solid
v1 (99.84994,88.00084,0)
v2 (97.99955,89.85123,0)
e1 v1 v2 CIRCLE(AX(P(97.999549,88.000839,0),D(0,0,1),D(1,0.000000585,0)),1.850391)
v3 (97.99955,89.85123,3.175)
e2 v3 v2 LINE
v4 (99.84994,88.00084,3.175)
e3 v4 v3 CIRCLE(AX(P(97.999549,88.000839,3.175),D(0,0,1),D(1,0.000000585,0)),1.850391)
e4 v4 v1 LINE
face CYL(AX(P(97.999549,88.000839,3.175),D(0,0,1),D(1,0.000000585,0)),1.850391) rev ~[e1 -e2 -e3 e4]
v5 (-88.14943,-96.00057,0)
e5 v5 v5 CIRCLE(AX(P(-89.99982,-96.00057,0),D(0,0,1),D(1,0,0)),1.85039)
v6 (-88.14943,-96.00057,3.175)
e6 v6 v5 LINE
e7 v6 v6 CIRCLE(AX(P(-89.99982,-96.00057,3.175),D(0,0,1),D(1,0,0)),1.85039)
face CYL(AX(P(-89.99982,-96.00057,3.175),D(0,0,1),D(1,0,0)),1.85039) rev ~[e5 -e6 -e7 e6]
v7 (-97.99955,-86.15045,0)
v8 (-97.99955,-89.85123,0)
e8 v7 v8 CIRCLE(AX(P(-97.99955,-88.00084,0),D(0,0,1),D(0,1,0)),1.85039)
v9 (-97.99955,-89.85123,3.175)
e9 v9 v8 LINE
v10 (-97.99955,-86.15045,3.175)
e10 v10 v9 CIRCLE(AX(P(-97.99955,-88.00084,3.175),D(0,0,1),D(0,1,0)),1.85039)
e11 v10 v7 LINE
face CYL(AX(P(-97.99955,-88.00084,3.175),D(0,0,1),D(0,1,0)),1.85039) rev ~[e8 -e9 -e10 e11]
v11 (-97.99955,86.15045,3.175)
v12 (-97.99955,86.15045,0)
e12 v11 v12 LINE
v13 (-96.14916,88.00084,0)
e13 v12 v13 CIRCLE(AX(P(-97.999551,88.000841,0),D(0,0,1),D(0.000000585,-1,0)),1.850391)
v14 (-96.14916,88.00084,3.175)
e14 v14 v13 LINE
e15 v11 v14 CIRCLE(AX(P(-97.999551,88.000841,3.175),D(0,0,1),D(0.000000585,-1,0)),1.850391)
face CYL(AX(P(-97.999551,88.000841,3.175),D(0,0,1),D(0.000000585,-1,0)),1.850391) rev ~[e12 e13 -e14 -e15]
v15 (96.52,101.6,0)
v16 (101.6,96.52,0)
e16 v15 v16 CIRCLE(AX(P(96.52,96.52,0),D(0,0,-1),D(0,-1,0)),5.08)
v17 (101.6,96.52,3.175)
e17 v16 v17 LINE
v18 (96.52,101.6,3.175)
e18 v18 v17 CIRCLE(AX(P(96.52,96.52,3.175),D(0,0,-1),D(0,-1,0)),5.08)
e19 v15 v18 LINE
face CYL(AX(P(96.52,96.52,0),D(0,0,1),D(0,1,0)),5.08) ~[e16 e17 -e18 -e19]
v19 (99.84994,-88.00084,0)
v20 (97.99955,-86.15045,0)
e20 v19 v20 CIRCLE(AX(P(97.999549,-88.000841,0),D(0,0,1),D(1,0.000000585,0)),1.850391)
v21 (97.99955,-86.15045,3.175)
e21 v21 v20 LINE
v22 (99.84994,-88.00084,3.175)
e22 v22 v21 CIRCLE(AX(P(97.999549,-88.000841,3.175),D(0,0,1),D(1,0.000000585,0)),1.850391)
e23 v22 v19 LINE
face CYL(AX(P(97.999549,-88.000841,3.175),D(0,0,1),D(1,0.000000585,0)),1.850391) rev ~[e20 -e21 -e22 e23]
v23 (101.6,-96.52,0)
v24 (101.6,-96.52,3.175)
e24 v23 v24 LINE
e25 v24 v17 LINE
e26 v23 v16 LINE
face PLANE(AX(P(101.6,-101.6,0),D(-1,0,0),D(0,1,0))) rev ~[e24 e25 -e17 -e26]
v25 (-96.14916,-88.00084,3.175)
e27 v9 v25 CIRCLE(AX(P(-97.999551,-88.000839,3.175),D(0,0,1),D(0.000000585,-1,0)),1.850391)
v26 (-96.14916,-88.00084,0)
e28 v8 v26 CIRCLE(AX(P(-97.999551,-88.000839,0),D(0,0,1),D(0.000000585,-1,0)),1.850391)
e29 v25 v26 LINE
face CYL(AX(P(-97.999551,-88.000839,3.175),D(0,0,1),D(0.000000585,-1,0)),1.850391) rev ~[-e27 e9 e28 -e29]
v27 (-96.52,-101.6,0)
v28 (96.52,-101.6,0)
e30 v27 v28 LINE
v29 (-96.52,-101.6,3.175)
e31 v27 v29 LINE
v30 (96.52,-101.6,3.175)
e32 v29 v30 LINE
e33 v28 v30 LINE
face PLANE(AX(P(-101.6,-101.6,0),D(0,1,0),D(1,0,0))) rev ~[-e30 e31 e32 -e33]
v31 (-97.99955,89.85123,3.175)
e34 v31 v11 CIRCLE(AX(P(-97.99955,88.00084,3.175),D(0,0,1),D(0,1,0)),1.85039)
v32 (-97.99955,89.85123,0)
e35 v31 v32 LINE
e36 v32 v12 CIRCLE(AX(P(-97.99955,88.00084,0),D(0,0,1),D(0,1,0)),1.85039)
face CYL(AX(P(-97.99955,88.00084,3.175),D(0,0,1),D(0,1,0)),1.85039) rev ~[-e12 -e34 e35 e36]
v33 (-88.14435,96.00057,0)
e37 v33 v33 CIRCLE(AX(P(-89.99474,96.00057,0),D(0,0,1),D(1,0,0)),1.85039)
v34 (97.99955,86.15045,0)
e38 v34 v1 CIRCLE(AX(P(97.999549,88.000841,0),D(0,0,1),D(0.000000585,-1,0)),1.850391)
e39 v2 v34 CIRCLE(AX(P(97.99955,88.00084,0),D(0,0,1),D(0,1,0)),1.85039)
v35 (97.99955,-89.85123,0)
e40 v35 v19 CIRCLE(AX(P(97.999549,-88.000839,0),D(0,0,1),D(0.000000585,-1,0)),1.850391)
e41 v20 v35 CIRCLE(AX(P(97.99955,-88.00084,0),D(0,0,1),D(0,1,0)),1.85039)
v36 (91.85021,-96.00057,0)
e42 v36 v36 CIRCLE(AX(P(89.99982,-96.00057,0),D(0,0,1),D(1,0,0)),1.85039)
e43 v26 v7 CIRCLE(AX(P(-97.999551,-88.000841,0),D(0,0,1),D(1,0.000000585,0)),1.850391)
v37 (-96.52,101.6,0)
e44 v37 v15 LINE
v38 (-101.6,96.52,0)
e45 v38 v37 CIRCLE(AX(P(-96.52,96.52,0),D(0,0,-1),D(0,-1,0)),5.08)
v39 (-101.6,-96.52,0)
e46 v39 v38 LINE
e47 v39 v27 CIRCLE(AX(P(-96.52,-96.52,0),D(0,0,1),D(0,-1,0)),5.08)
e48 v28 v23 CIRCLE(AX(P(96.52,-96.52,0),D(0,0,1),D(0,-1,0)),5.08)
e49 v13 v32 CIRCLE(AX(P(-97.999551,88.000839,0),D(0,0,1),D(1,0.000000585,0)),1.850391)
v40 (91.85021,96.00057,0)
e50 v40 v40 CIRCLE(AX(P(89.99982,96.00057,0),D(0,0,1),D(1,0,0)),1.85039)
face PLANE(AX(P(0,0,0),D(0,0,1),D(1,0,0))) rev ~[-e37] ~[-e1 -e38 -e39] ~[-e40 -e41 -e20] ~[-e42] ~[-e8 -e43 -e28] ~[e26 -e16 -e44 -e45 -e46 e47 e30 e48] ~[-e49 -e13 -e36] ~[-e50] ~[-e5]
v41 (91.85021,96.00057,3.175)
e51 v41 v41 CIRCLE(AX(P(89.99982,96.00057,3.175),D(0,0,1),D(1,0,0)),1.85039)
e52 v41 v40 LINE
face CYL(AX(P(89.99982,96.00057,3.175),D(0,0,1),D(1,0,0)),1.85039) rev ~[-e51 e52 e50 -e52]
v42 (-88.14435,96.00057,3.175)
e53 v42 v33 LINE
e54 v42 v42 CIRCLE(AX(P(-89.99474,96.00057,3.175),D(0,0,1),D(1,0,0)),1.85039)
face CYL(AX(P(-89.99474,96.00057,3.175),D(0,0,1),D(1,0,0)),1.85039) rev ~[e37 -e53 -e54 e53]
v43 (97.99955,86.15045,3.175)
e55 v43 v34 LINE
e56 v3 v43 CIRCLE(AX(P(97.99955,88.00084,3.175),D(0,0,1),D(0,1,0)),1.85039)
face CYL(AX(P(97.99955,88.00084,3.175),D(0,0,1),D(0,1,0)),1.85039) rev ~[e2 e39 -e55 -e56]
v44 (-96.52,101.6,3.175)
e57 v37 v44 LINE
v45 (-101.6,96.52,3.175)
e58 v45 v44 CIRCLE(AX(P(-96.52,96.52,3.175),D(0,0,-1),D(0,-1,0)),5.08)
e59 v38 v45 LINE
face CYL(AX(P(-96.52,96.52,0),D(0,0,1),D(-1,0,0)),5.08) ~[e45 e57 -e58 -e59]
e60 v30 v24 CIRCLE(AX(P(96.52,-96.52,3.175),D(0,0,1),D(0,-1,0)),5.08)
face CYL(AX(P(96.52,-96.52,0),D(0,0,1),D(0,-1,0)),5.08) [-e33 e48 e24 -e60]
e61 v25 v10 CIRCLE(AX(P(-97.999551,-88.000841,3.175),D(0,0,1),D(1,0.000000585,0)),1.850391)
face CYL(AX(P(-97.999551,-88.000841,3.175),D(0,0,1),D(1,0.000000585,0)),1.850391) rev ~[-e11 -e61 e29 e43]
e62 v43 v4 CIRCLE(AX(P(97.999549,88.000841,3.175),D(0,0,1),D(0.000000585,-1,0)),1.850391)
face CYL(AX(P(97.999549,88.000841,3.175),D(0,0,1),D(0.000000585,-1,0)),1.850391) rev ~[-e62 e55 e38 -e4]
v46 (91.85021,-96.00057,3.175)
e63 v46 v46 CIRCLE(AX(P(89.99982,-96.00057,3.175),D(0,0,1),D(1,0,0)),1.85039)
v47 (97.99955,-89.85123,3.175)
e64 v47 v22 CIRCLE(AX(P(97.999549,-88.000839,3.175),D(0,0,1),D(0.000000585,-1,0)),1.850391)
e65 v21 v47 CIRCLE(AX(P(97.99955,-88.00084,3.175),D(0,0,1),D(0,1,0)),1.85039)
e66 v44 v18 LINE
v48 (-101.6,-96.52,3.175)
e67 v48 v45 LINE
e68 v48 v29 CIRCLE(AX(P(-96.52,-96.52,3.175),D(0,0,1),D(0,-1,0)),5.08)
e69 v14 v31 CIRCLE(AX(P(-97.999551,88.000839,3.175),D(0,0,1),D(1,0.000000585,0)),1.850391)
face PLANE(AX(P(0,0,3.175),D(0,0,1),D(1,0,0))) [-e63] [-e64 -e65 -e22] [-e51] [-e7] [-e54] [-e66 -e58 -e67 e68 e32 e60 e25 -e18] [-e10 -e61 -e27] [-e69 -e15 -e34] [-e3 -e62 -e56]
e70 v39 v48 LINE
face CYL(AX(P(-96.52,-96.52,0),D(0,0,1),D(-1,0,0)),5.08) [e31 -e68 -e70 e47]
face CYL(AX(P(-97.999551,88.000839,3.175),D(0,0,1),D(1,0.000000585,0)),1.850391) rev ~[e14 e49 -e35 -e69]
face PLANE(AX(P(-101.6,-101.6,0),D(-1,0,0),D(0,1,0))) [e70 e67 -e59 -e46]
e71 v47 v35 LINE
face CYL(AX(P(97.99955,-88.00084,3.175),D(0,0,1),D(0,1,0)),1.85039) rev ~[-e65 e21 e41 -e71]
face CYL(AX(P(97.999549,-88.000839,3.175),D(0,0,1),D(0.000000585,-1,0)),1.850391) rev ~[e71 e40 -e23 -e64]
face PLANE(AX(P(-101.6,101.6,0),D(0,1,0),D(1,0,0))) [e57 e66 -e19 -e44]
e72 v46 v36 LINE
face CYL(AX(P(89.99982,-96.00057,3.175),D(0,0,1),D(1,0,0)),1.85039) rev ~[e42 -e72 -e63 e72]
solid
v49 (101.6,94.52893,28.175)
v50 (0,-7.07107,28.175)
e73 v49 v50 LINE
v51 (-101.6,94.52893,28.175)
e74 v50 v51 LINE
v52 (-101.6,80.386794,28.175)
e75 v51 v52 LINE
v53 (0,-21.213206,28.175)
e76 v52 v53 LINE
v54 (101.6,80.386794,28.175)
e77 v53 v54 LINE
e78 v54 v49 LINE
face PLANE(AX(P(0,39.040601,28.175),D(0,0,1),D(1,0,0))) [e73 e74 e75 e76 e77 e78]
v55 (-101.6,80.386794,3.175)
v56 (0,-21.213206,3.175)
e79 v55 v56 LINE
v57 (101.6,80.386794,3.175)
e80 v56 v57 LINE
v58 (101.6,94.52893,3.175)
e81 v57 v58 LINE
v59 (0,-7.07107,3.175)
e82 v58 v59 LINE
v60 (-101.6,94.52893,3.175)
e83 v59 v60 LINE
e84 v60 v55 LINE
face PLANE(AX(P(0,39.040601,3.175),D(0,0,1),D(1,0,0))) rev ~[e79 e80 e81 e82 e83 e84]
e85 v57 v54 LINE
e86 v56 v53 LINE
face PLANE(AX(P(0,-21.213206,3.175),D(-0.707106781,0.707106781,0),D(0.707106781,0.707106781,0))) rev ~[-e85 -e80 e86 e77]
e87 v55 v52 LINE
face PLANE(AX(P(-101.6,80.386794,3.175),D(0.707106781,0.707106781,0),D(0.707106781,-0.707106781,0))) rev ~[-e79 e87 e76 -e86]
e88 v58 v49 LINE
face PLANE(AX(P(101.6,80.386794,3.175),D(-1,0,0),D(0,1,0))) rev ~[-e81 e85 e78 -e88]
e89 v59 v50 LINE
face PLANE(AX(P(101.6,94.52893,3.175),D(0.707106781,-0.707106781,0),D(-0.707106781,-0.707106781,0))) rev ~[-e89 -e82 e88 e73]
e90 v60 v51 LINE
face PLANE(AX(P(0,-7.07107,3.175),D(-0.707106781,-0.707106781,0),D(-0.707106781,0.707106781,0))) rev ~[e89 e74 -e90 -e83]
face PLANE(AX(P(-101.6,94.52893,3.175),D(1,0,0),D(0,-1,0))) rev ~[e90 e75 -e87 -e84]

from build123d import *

# Parameters (mm, degrees)
F0_W     = 203.2
F0_H     = 203.2
F1_DEPTH = 3.175
F2_R     = 1.85039
F3_DEPTH = 25.4
F4_R     = 5.08
F5_R     = 5.08
F7_DEPTH = 25


with BuildPart() as f1:
    # F0 (on Top) → F1 (new body)
    with BuildSketch(Plane.XY):
        Rectangle(F0_W, F0_H)
    extrude(amount=F1_DEPTH)

    # F2 (on face) → F3 (cut)
    with BuildSketch(Plane.XY.offset(3.175)):
        with BuildLine():
            ThreePointArc((97.99955, 89.85123), (96.14916, 88.00084), (97.99955, 86.15045))
            Line((97.99955, 86.15045), (97.99955, 89.85123))
        make_face()
        with BuildLine():
            Line((97.99955, 89.85123), (97.99955, 86.15045))
            ThreePointArc((97.99955, 86.15045), (99.307973, 86.692417), (99.84994, 88.00084))
            ThreePointArc((99.84994, 88.00084), (99.307973, 89.309263), (97.99955, 89.85123))
        make_face()
        with BuildLine():
            ThreePointArc((99.84994, -88.00084), (99.307973, -86.692417), (97.99955, -86.15045))
            Line((97.99955, -86.15045), (97.99955, -89.85123))
            ThreePointArc((97.99955, -89.85123), (99.307973, -89.309263), (99.84994, -88.00084))
        make_face()
        with BuildLine():
            Line((97.99955, -89.85123), (97.99955, -86.15045))
            ThreePointArc((97.99955, -86.15045), (96.14916, -88.00084), (97.99955, -89.85123))
        make_face()
        with BuildLine():
            ThreePointArc((-96.14916, -88.00084), (-96.691127, -86.692417), (-97.99955, -86.15045))
            Line((-97.99955, -86.15045), (-97.99955, -89.85123))
            ThreePointArc((-97.99955, -89.85123), (-96.691127, -89.309263), (-96.14916, -88.00084))
        make_face()
        with BuildLine():
            Line((-97.99955, -89.85123), (-97.99955, -86.15045))
            ThreePointArc((-97.99955, -86.15045), (-99.84994, -88.00084), (-97.99955, -89.85123))
        make_face()
        with BuildLine():
            ThreePointArc((-97.99955, 89.85123), (-99.84994, 88.00084), (-97.99955, 86.15045))
            Line((-97.99955, 86.15045), (-97.99955, 89.85123))
        make_face()
        with BuildLine():
            Line((-97.99955, 89.85123), (-97.99955, 86.15045))
            ThreePointArc((-97.99955, 86.15045), (-96.691127, 86.692417), (-96.14916, 88.00084))
            ThreePointArc((-96.14916, 88.00084), (-96.691127, 89.309263), (-97.99955, 89.85123))
        make_face()
        with Locations((-89.99474, 96.00057)):
            Circle(F2_R)
        with Locations((89.99982, 96.00057)):
            Circle(F2_R)
        with Locations((89.99982, -96.00057)):
            Circle(F2_R)
        with Locations((-89.99982, -96.00057)):
            Circle(F2_R)
    extrude(amount=-F3_DEPTH, mode=Mode.SUBTRACT)

    # F4
    f4_edges = [f1.edges().sort_by_distance(p)[0] for p in [
        (-101.6, 101.6, 1.5875),
    ]]
    fillet(f4_edges, radius=F4_R)

    # F5
    f5_edges = [f1.edges().sort_by_distance(p)[0] for p in [
        (101.6, 101.6, 1.5875),
        (101.6, -101.6, 1.5875),
        (-101.6, -101.6, 1.5875),
    ]]
    fillet(f5_edges, radius=F5_R)


with BuildPart() as f7:
    # F6 (on face) → F7 (new body)
    with BuildSketch(Plane.XY.offset(3.175)):
        Polygon((0, -7.07107), (-101.6, 94.52893), (-101.6, 80.386794), (0, -21.213206), (7.071068, -14.142138), (52.932265, 31.719059), (101.6, 80.386794), (101.6, 94.52893), align=None)
    extrude(amount=F7_DEPTH)


solid = Compound([f1.part, f7.part])
